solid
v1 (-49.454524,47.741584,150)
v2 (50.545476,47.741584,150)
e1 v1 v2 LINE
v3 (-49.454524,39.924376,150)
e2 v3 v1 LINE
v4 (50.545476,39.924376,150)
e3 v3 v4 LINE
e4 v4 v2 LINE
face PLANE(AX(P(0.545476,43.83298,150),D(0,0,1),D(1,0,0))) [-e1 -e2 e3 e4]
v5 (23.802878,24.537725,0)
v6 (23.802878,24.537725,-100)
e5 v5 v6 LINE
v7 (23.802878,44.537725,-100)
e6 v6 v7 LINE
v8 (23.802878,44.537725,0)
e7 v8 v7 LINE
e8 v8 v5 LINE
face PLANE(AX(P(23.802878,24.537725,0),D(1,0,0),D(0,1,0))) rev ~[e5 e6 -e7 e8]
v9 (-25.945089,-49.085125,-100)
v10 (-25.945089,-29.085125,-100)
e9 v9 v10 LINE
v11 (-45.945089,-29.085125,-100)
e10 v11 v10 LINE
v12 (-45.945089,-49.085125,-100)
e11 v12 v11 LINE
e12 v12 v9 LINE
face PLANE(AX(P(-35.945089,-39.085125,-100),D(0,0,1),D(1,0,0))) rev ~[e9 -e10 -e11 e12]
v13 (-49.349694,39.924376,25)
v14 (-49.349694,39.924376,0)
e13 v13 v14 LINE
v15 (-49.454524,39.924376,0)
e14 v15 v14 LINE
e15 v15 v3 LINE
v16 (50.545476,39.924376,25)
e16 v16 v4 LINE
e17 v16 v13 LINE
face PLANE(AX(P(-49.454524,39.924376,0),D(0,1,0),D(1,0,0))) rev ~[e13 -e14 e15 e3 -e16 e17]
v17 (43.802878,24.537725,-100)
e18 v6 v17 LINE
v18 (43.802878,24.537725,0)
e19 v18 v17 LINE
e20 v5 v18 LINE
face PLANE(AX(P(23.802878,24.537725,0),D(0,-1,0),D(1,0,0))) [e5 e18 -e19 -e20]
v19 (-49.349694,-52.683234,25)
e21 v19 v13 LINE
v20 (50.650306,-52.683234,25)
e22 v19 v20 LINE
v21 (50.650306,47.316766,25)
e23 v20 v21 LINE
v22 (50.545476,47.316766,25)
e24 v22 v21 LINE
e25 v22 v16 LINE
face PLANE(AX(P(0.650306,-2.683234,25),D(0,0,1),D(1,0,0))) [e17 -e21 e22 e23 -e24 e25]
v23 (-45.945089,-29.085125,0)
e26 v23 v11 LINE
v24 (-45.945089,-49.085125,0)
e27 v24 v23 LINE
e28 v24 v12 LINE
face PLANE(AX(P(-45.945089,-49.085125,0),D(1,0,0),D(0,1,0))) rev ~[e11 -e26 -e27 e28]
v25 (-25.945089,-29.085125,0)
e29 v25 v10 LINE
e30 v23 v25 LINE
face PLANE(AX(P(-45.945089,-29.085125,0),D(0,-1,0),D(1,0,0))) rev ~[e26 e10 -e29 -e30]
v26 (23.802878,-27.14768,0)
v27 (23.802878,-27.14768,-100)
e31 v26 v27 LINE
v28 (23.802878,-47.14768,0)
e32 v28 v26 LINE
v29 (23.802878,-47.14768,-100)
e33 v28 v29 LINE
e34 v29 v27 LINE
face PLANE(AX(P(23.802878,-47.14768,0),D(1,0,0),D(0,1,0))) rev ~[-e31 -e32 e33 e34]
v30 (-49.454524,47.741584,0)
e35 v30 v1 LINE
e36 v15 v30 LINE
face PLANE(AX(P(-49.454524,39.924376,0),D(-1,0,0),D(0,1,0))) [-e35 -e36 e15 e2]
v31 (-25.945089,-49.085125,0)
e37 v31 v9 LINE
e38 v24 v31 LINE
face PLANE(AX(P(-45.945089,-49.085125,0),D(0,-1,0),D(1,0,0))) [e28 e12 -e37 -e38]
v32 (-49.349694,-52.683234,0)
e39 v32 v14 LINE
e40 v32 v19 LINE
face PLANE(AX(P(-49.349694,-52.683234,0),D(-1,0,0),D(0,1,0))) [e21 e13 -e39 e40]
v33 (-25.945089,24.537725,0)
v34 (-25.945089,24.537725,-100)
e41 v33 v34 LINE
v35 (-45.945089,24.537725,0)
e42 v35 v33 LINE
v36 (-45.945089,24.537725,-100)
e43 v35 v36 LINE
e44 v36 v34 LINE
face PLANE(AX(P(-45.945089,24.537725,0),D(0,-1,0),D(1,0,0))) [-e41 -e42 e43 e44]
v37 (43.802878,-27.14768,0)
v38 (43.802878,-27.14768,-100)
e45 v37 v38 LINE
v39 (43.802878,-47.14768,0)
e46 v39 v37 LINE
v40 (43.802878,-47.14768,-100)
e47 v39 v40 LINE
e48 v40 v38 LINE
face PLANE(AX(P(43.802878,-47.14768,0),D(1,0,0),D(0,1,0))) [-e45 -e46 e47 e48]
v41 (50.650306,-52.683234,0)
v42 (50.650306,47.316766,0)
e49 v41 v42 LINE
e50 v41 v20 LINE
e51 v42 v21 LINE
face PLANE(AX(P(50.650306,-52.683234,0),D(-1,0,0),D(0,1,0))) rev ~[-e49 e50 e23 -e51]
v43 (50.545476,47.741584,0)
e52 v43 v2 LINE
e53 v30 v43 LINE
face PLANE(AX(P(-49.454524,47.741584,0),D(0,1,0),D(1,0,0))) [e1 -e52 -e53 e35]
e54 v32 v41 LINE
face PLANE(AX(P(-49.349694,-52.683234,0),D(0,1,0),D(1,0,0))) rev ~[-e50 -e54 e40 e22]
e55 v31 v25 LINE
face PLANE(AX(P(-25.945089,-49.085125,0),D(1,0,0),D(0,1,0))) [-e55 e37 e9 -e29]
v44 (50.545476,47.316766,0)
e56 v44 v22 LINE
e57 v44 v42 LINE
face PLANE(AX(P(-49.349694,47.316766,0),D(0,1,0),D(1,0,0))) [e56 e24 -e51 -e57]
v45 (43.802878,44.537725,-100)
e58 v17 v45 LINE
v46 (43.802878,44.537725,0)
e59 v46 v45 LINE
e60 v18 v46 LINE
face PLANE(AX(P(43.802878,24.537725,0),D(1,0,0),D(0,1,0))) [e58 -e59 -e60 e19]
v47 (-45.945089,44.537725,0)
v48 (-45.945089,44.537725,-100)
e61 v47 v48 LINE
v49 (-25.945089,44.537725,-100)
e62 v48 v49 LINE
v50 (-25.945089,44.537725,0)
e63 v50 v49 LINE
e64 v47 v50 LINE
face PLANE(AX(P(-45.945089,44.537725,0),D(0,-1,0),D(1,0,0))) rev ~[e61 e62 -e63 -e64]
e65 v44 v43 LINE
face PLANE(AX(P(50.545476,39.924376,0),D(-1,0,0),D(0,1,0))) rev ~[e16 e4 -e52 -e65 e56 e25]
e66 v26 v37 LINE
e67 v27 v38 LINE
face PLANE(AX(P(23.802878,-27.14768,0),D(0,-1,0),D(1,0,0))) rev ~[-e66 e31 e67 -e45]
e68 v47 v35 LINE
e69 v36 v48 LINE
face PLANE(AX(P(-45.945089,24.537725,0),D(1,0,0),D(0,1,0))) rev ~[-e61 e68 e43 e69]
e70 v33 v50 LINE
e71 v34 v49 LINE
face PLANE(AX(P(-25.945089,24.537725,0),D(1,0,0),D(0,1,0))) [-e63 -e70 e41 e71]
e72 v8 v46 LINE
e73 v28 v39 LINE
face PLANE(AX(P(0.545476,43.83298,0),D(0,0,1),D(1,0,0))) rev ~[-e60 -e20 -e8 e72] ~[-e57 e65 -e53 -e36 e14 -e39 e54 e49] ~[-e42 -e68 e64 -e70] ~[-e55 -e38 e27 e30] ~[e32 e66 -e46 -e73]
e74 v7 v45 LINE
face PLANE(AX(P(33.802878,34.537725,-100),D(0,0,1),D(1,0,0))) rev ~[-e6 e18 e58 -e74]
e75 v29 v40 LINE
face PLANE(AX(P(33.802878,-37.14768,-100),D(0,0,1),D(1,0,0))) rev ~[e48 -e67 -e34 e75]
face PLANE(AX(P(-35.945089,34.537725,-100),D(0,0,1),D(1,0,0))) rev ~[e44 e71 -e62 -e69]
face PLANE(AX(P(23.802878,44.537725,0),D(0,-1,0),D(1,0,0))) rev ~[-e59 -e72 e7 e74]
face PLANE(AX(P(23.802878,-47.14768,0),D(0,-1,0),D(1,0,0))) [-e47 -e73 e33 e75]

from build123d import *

# Parameters (mm, degrees)
F0_W     = 100
F0_H     = 100
F1_DEPTH = 25
F2_W     = 20
F2_H     = 20
F3_DEPTH = 100
F4_W     = 100
F4_H     = 7.817208
F5_DEPTH = 150


with BuildPart() as f1:
    # F0 (on Top) → F1 (new body)
    with BuildSketch(Plane.XY):
        with Locations((0.650306, -2.683234)):
            Rectangle(F0_W, F0_H)
    extrude(amount=F1_DEPTH)

    # F2 (on Top) → F3 (join)
    with BuildSketch(Plane.XY):
        with Locations((33.802878, 34.537725)):
            Rectangle(F2_W, F2_H)
        with Locations((33.802878, -37.14768)):
            Rectangle(F2_W, F2_H)
        with Locations((-35.945089, 34.537725)):
            Rectangle(F2_W, F2_H)
        with Locations((-35.945089, -39.085125)):
            Rectangle(F2_W, F2_H)
    extrude(amount=-F3_DEPTH)

    # F4 (on Top) → F5 (join)
    with BuildSketch(Plane.XY):
        with Locations((0.545476, 43.83298)):
            Rectangle(F4_W, F4_H)
    extrude(amount=F5_DEPTH)


solid = f1.part
